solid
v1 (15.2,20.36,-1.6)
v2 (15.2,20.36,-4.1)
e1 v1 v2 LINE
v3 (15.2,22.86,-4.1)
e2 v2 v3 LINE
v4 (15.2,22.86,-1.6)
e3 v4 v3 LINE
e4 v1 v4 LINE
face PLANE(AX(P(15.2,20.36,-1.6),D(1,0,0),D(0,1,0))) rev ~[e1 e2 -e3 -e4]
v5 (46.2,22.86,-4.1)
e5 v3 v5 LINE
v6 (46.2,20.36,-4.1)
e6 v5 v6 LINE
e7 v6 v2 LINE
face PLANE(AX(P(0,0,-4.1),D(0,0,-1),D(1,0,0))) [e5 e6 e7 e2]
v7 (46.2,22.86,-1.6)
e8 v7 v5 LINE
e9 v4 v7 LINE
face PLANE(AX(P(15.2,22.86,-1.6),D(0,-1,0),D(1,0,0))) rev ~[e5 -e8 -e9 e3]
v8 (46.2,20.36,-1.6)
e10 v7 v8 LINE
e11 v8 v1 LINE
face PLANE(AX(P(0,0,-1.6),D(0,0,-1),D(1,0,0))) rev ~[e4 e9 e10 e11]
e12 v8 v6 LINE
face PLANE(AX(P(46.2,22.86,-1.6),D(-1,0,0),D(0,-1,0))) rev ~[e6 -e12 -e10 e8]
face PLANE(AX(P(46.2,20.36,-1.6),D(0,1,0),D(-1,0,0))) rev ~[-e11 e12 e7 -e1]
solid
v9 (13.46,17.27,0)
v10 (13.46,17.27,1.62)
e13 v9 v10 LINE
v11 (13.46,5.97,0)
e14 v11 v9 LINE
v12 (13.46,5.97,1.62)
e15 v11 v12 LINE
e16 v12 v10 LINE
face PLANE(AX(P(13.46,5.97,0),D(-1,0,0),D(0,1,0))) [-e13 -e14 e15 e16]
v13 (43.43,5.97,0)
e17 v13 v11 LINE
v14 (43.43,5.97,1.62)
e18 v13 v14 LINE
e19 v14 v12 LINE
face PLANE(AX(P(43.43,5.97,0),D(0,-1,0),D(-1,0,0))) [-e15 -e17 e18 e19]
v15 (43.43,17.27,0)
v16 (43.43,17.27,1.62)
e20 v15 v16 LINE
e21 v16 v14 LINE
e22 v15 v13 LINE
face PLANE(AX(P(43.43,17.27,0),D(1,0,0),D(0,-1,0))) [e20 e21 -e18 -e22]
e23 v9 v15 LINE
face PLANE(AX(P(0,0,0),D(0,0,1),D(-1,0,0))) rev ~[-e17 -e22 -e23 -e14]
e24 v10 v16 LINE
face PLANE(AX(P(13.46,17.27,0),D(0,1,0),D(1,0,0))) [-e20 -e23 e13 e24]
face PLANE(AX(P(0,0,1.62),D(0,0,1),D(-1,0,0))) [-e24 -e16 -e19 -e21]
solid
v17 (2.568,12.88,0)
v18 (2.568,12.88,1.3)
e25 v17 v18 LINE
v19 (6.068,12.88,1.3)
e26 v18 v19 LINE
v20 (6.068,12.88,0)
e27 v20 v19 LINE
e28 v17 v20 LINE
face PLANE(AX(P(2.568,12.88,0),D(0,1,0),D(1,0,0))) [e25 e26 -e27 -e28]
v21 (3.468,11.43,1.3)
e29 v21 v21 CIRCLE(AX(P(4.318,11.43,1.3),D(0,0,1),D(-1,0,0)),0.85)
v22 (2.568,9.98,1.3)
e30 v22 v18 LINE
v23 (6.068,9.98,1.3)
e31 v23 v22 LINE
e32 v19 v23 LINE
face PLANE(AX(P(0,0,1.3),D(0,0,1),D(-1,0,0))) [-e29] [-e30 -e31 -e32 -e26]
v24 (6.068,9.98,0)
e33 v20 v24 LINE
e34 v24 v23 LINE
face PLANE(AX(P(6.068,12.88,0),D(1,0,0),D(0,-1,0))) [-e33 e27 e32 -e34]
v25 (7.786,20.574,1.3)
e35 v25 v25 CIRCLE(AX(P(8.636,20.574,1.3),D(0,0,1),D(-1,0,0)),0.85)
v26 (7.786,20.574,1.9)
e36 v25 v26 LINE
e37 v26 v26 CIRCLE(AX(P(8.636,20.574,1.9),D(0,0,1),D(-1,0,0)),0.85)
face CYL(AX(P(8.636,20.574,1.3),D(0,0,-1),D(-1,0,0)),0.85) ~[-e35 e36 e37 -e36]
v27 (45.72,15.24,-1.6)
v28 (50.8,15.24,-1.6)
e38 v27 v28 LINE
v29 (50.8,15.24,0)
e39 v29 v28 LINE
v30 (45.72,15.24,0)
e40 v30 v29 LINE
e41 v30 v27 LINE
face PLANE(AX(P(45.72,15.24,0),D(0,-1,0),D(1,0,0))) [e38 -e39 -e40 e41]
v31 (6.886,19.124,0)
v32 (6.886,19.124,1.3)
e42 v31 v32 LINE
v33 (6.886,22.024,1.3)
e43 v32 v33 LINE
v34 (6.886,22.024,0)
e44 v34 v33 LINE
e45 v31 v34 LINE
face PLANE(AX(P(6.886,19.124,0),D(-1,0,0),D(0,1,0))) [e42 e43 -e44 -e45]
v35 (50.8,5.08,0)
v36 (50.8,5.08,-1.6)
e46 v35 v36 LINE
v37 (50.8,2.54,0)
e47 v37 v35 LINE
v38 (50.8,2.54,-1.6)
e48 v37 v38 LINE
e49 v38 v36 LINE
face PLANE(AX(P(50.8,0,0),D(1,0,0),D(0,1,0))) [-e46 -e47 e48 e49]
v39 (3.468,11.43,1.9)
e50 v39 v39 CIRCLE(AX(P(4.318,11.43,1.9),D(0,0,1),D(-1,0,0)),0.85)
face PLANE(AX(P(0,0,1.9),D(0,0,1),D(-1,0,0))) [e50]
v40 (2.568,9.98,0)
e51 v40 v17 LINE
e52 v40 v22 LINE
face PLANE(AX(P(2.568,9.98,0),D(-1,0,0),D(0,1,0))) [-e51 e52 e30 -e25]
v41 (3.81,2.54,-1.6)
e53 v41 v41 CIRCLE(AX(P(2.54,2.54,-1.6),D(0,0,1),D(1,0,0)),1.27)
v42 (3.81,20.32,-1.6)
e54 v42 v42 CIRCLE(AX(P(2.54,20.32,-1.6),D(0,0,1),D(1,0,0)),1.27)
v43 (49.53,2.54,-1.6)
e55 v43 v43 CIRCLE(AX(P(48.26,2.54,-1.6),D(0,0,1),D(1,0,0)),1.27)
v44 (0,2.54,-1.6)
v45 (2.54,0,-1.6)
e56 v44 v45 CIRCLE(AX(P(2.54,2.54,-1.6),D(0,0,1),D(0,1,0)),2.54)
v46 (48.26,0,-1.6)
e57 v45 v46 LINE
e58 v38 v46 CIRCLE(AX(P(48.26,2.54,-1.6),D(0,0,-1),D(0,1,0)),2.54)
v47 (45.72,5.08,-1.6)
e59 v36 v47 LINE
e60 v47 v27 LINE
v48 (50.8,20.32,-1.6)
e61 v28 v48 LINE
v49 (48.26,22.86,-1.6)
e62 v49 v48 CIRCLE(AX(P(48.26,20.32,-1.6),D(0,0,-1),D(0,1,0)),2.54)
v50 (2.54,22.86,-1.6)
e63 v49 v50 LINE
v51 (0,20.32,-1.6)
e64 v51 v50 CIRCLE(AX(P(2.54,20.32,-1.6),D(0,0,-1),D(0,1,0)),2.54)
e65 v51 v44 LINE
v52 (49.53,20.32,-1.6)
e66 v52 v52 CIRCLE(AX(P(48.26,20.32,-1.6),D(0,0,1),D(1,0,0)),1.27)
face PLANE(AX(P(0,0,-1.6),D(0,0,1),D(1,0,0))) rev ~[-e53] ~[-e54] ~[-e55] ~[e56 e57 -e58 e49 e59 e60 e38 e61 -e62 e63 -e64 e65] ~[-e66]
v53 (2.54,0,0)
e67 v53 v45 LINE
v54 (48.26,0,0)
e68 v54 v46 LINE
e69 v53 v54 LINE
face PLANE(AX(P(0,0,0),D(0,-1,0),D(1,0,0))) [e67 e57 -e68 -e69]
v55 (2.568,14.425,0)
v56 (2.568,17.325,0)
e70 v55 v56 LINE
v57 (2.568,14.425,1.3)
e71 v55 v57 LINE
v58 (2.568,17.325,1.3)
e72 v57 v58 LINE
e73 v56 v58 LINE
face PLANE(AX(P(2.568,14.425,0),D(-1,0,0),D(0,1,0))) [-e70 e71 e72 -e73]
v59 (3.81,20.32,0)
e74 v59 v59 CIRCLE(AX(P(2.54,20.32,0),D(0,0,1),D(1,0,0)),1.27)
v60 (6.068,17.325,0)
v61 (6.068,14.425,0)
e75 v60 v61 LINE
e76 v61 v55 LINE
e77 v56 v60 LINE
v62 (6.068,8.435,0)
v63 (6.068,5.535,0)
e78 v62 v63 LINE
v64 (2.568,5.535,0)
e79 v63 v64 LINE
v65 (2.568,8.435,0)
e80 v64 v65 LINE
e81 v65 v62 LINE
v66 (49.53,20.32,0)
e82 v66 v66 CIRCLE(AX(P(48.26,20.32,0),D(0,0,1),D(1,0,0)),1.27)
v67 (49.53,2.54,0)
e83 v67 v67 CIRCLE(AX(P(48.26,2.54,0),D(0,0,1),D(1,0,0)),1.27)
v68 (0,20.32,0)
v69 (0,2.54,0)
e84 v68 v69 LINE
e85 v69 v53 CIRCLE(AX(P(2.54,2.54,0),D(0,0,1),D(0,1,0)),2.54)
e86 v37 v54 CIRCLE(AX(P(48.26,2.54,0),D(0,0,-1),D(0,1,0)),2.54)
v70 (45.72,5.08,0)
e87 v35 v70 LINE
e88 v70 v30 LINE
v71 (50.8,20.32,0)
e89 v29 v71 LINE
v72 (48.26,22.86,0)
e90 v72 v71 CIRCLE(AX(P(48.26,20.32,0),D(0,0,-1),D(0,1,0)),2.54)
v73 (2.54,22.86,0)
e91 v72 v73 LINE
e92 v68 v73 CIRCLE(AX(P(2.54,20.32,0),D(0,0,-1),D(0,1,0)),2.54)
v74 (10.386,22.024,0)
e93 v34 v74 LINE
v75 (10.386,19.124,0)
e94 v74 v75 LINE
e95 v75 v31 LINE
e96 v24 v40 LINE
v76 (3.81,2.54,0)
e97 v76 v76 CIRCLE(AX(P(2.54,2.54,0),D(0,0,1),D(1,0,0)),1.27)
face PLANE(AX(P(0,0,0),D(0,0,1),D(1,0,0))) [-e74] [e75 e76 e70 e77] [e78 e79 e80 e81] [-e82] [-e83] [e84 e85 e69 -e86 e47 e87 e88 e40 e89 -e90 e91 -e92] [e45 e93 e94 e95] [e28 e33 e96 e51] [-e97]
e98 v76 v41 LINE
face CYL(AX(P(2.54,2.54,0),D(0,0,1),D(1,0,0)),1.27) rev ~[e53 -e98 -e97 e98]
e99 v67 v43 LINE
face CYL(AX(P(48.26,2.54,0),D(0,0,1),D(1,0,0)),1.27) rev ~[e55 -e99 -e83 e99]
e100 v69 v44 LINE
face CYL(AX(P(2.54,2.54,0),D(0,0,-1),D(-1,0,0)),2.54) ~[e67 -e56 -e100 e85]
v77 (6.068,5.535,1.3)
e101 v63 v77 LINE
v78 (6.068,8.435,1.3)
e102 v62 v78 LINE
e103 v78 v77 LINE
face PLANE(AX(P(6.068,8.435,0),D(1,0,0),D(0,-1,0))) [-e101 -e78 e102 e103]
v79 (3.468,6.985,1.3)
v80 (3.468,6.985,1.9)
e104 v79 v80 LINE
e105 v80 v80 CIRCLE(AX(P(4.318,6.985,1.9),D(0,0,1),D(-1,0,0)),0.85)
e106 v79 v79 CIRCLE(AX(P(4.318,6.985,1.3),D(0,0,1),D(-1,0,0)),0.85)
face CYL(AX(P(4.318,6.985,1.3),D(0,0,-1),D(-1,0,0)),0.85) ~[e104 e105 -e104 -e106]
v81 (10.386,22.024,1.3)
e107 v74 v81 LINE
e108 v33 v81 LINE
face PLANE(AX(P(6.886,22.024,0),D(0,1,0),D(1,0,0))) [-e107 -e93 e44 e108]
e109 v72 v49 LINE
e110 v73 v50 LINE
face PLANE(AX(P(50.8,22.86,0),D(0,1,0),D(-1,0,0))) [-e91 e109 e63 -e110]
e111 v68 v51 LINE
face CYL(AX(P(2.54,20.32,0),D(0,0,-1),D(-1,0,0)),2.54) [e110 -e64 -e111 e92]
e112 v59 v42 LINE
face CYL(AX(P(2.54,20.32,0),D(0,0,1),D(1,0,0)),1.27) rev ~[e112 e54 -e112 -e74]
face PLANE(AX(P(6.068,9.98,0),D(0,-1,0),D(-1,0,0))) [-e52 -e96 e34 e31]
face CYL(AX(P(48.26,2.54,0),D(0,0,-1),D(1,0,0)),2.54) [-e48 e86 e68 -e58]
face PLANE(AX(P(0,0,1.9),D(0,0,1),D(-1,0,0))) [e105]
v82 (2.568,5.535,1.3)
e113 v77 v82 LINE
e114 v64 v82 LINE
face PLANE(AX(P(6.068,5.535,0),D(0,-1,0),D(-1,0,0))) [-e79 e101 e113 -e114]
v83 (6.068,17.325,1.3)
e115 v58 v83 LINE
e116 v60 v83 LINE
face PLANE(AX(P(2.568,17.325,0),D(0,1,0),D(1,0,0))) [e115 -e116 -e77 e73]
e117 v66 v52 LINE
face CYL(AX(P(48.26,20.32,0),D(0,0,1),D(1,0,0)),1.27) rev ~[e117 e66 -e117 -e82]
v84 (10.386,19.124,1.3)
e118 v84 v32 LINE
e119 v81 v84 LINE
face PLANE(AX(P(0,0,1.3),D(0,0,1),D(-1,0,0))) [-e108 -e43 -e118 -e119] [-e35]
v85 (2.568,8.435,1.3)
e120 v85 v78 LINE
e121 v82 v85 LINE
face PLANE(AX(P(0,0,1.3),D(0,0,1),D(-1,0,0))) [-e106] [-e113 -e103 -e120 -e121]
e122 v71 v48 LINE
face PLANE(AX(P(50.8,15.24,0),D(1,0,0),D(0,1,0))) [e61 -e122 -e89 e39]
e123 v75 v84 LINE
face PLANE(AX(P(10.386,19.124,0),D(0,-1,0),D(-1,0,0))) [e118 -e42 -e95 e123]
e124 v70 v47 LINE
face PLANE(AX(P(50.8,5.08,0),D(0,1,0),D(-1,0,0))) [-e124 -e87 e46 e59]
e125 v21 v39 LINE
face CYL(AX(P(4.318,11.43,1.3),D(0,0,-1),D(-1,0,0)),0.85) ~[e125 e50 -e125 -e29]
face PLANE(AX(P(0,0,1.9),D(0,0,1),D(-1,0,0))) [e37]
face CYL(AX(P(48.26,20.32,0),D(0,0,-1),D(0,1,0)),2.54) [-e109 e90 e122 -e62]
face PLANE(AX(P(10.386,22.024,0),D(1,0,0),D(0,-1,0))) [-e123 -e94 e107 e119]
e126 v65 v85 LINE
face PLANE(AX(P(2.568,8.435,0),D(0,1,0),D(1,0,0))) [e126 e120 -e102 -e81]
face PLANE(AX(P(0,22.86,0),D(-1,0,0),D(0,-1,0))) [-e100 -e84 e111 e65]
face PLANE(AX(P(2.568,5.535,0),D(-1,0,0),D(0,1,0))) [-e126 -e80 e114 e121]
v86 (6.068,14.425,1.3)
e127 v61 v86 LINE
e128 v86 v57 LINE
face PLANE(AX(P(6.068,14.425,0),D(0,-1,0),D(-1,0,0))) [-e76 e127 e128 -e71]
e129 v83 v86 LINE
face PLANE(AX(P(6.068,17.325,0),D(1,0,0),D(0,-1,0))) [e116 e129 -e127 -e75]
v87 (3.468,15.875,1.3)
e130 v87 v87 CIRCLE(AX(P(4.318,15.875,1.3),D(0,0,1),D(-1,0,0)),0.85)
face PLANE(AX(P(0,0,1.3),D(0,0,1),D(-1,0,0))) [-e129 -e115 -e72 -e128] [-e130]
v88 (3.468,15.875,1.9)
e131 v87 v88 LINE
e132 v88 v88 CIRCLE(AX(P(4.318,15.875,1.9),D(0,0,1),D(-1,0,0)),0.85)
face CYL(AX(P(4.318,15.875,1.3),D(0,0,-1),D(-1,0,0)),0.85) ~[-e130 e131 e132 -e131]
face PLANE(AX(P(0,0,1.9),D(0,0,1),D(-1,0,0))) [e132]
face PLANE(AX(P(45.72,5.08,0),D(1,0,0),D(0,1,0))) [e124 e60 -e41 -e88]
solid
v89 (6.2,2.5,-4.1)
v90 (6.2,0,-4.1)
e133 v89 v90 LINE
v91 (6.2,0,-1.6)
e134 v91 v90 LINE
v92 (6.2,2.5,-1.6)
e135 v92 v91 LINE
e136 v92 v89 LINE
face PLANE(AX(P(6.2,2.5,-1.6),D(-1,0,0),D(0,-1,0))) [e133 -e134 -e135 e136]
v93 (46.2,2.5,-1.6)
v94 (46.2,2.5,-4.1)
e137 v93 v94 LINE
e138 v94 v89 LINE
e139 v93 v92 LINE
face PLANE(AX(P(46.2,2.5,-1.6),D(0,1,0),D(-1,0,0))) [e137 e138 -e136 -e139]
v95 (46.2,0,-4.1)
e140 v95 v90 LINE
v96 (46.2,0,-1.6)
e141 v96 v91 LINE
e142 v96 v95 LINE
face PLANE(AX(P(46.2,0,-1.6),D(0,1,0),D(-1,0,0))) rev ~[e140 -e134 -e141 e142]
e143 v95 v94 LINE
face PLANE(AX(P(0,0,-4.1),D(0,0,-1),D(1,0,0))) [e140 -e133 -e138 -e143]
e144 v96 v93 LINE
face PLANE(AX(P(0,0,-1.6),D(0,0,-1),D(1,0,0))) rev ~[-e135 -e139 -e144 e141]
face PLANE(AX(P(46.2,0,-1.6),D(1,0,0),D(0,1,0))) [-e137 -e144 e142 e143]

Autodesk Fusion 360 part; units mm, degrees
sketch "PCB" plane through (0, 0, 0) normal (0, 0, 1) x (1, 0, 0)
  line L0 (0, 0) -> (50.8, 0)
  line L1 (50.8, 0) -> (50.8, 22.86)
  line L2 (50.8, 22.86) -> (0, 22.86)
  line L3 (0, 22.86) -> (0, 0)
  circle A0 centre (2.54, 2.54) radius 1.27
  line L4 (0, 11.43) -> (51, 11.43) construction
  circle A1 centre (2.54, 20.32) radius 1.27
  line L5 (25.4, 22.86) -> (25.4, 0) construction
  circle A2 centre (48.26, 20.32) radius 1.27
  circle A3 centre (48.26, 2.54) radius 1.27
  line L6 (45.72, 15.24) -> (50.8, 15.24)
  line L7 (50.8, 15.24) -> (50.8, 5.08)
  line L8 (50.8, 5.08) -> (45.72, 5.08)
  line L9 (45.72, 5.08) -> (45.72, 15.24)
  dimension "d1" = 50.8
  dimension "d2" = 22.86
  dimension "d3" = 2.54
  dimension "d4" = 2.54
  dimension "d5" = 2.54
  dimension "d9" = 5.08
  dimension "d10" = 10.16
  dimension "d11" = 5.08
extrude "Extrude1" add sketch "PCB" against normal blind 1.6 contours L0 L1 L2 L3 L6 L8 L9 makes body 1
fillet "Fillet1" radius 2.54 4 edges at (0, 22.86, -0.8) (0, 0, -0.8) (50.8, 0, -0.8) (50.8, 22.86, -0.8) on bodies 1
sketch "OLED" plane through (0, 0, 0) normal (0, 0, 1) x (-1, 0, 0)
  circle A0 centre (-2.54, -2.54) radius 1.27
  circle A1 centre (-2.54, -20.32) radius 1.27
  circle A2 centre (-48.26, -2.54) radius 1.27
  circle A3 centre (-48.26, -20.32) radius 1.27
  arc A4 (-50.8, -20.32) -> (-48.26, -22.86) centre (-48.26, -20.32) ccw
  line L0 (-48.26, -22.86) -> (-2.54, -22.86)
  arc A5 (-2.54, -22.86) -> (0, -20.32) centre (-2.54, -20.32) ccw
  line L1 (0, -20.32) -> (0, -2.54)
  arc A6 (0, -2.54) -> (-2.54, 0) centre (-2.54, -2.54) ccw
  line L2 (-2.54, 0) -> (-48.26, 0)
  arc A7 (-48.26, 0) -> (-50.8, -2.54) centre (-48.26, -2.54) ccw
  line L3 (-50.8, -2.54) -> (-50.8, -5.08)
  line L4 (-50.8, -5.08) -> (-45.72, -5.08)
  line L5 (-45.72, -5.08) -> (-45.72, -15.24)
  line L6 (-45.72, -15.24) -> (-50.8, -15.24)
  line L7 (-50.8, -15.24) -> (-50.8, -20.32)
  line L8 (-13.46, -17.27) -> (-43.43, -17.27)
  line L9 (-43.43, -17.27) -> (-43.43, -5.97)
  line L10 (-43.43, -5.97) -> (-13.46, -5.97)
  line L11 (-13.46, -5.97) -> (-13.46, -17.27)
  dimension "d12" = 29.97
  dimension "d13" = 11.3
  dimension "d14" = 5.97
  dimension "d15" = 13.46
extrude "Extrude2" add sketch "OLED" along normal blind 1.62 separate body contours L8 L9 L10 L11 makes body 2
sketch "buttons" plane through (0, 0, 0) normal (0, 0, 1) x (-1, 0, 0)
  circle A0 centre (-2.54, -2.54) radius 1.27
  circle A1 centre (-2.54, -20.32) radius 1.27
  circle A2 centre (-48.26, -2.54) radius 1.27
  circle A3 centre (-48.26, -20.32) radius 1.27
  arc A4 (-50.8, -20.32) -> (-48.26, -22.86) centre (-48.26, -20.32) ccw
  line L0 (-48.26, -22.86) -> (-2.54, -22.86)
  arc A5 (-2.54, -22.86) -> (0, -20.32) centre (-2.54, -20.32) ccw
  line L1 (0, -20.32) -> (0, -2.54)
  arc A6 (0, -2.54) -> (-2.54, 0) centre (-2.54, -2.54) ccw
  line L2 (-2.54, 0) -> (-48.26, 0)
  arc A7 (-48.26, 0) -> (-50.8, -2.54) centre (-48.26, -2.54) ccw
  line L3 (-50.8, -2.54) -> (-50.8, -5.08)
  line L4 (-50.8, -5.08) -> (-45.72, -5.08)
  line L5 (-45.72, -5.08) -> (-45.72, -15.24)
  line L6 (-45.72, -15.24) -> (-50.8, -15.24)
  line L7 (-50.8, -15.24) -> (-50.8, -20.32)
  line L8 (-6.068, -5.535) -> (-2.568, -5.535)
  line L9 (-2.568, -5.535) -> (-2.568, -8.435)
  line L10 (-2.568, -8.435) -> (-6.068, -8.435)
  line L11 (-6.068, -8.435) -> (-6.068, -5.535)
  line L12 (-6.068, -5.535) -> (-2.568, -8.435) construction
  line L13 (-2.568, -5.535) -> (-6.068, -8.435) construction
  line L14 (-6.068, -9.98) -> (-2.568, -9.98)
  line L15 (-2.568, -9.98) -> (-2.568, -12.88)
  line L16 (-2.568, -12.88) -> (-6.068, -12.88)
  line L17 (-6.068, -12.88) -> (-6.068, -9.98)
  line L18 (-6.068, -9.98) -> (-2.568, -12.88) construction
  line L19 (-2.568, -9.98) -> (-6.068, -12.88) construction
  line L20 (-6.068, -14.425) -> (-2.568, -14.425)
  line L21 (-2.568, -14.425) -> (-2.568, -17.325)
  line L22 (-2.568, -17.325) -> (-6.068, -17.325)
  line L23 (-6.068, -17.325) -> (-6.068, -14.425)
  line L24 (-6.068, -14.425) -> (-2.568, -17.325) construction
  line L25 (-2.568, -14.425) -> (-6.068, -17.325) construction
  line L26 (-10.386, -19.124) -> (-6.886, -19.124)
  line L27 (-6.886, -19.124) -> (-6.886, -22.024)
  line L28 (-6.886, -22.024) -> (-10.386, -22.024)
  line L29 (-10.386, -22.024) -> (-10.386, -19.124)
  line L30 (-10.386, -19.124) -> (-6.886, -22.024) construction
  line L31 (-6.886, -19.124) -> (-10.386, -22.024) construction
  point P0 (-4.318, -6.985)
  point P1 (-4.318, -11.43)
  point P2 (-4.318, -15.875)
  point P3 (-8.636, -20.574)
  dimension "d18" = 3.5
  dimension "d19" = 2.9
  dimension "d20" = 4.318
  dimension "d21" = 6.985
  dimension "d22" = 3.5
  dimension "d23" = 2.9
  dimension "d24" = 4.318
  dimension "d25" = 11.43
  dimension "d26" = 3.5
  dimension "d27" = 2.9
  dimension "d28" = 4.318
  dimension "d29" = 15.875
  dimension "d37" = 3.5
  dimension "d38" = 2.9
  dimension "d39" = 8.636
  dimension "d41" = 20.574
extrude "Extrude3" add sketch "buttons" along normal blind 1.3 contours L8 L9 L10 L11 | L14 L15 L16 L17 | L20 L21 L22 L23 | L26 L27 L28 L29 bodies 1
sketch "button actuators" plane through (0, 0, 1.3) normal (0, 0, 1) x (-1, 0, 0)
  line L0 (-6.068, -17.325) -> (-2.568, -17.325)
  line L1 (-2.568, -17.325) -> (-2.568, -14.425)
  line L2 (-2.568, -14.425) -> (-6.068, -14.425)
  line L3 (-6.068, -14.425) -> (-6.068, -17.325)
  circle A0 centre (-4.318, -15.875) radius 0.85
  line L4 (-6.068, -12.88) -> (-2.568, -12.88)
  line L5 (-2.568, -12.88) -> (-2.568, -9.98)
  line L6 (-2.568, -9.98) -> (-6.068, -9.98)
  line L7 (-6.068, -9.98) -> (-6.068, -12.88)
  line L8 (-6.068, -8.435) -> (-2.568, -8.435)
  line L9 (-2.568, -8.435) -> (-2.568, -5.535)
  line L10 (-2.568, -5.535) -> (-6.068, -5.535)
  line L11 (-6.068, -5.535) -> (-6.068, -8.435)
  circle A1 centre (-4.318, -11.43) radius 0.85
  circle A2 centre (-4.318, -6.985) radius 0.85
  line L12 (-10.386, -22.024) -> (-6.886, -22.024)
  line L13 (-6.886, -22.024) -> (-6.886, -19.124)
  line L14 (-6.886, -19.124) -> (-10.386, -19.124)
  line L15 (-10.386, -19.124) -> (-10.386, -22.024)
  circle A3 centre (-8.636, -20.574) radius 0.85
  point P0 (-8.636, -20.574)
  dimension "d32" = 1.7
  dimension "d33" = 1.7
  dimension "d34" = 1.7
  dimension "d42" = 1.7
extrude "Extrude4" add sketch "button actuators" along normal blind 0.6 contours A0 | A1 | A2 | A3 bodies 1
sketch "header strips" plane through (0, 0, -1.6) normal (0, 0, -1) x (1, 0, 0)
  arc A0 (48.26, -22.86) -> (50.8, -20.32) centre (48.26, -20.32) ccw
  line L0 (50.8, -20.32) -> (50.8, -15.24)
  line L1 (50.8, -15.24) -> (45.72, -15.24)
  line L2 (45.72, -15.24) -> (45.72, -5.08)
  line L3 (45.72, -5.08) -> (50.8, -5.08)
  line L4 (50.8, -5.08) -> (50.8, -2.54)
  arc A1 (50.8, -2.54) -> (48.26, 0) centre (48.26, -2.54) ccw
  line L5 (48.26, 0) -> (2.54, 0)
  arc A2 (2.54, 0) -> (0, -2.54) centre (2.54, -2.54) ccw
  line L6 (0, -2.54) -> (0, -20.32)
  arc A3 (0, -20.32) -> (2.54, -22.86) centre (2.54, -20.32) ccw
  line L7 (2.54, -22.86) -> (48.26, -22.86)
  circle A4 centre (2.54, -2.54) radius 1.27
  circle A5 centre (2.54, -20.32) radius 1.27
  circle A6 centre (48.26, -2.54) radius 1.27
  circle A7 centre (48.26, -20.32) radius 1.27
  line L8 (6.2, 0) -> (46.2, 0)
  line L9 (46.2, 0) -> (46.2, -2.5)
  line L10 (46.2, -2.5) -> (6.2, -2.5)
  line L11 (6.2, -2.5) -> (6.2, 0)
  line L12 (15.2, -22.86) -> (46.2, -22.86)
  line L13 (46.2, -22.86) -> (46.2, -20.36)
  line L14 (46.2, -20.36) -> (15.2, -20.36)
  line L15 (15.2, -20.36) -> (15.2, -22.86)
  dimension "d43" = 40
  dimension "d44" = 2.5
  dimension "d46" = 31
  dimension "d47" = 2.5
  dimension "d51" = 4.6
  dimension "d52" = 4.6
extrude "Extrude5" add sketch "header strips" along normal blind 2.5 separate body contours L7 L12 L13 L14 L15 | L5 L8 L9 L10 L11 makes body 3 at (32.8667, 0, -2.4333) makes body 4 at (35.8667, 22.0267, -1.6)
